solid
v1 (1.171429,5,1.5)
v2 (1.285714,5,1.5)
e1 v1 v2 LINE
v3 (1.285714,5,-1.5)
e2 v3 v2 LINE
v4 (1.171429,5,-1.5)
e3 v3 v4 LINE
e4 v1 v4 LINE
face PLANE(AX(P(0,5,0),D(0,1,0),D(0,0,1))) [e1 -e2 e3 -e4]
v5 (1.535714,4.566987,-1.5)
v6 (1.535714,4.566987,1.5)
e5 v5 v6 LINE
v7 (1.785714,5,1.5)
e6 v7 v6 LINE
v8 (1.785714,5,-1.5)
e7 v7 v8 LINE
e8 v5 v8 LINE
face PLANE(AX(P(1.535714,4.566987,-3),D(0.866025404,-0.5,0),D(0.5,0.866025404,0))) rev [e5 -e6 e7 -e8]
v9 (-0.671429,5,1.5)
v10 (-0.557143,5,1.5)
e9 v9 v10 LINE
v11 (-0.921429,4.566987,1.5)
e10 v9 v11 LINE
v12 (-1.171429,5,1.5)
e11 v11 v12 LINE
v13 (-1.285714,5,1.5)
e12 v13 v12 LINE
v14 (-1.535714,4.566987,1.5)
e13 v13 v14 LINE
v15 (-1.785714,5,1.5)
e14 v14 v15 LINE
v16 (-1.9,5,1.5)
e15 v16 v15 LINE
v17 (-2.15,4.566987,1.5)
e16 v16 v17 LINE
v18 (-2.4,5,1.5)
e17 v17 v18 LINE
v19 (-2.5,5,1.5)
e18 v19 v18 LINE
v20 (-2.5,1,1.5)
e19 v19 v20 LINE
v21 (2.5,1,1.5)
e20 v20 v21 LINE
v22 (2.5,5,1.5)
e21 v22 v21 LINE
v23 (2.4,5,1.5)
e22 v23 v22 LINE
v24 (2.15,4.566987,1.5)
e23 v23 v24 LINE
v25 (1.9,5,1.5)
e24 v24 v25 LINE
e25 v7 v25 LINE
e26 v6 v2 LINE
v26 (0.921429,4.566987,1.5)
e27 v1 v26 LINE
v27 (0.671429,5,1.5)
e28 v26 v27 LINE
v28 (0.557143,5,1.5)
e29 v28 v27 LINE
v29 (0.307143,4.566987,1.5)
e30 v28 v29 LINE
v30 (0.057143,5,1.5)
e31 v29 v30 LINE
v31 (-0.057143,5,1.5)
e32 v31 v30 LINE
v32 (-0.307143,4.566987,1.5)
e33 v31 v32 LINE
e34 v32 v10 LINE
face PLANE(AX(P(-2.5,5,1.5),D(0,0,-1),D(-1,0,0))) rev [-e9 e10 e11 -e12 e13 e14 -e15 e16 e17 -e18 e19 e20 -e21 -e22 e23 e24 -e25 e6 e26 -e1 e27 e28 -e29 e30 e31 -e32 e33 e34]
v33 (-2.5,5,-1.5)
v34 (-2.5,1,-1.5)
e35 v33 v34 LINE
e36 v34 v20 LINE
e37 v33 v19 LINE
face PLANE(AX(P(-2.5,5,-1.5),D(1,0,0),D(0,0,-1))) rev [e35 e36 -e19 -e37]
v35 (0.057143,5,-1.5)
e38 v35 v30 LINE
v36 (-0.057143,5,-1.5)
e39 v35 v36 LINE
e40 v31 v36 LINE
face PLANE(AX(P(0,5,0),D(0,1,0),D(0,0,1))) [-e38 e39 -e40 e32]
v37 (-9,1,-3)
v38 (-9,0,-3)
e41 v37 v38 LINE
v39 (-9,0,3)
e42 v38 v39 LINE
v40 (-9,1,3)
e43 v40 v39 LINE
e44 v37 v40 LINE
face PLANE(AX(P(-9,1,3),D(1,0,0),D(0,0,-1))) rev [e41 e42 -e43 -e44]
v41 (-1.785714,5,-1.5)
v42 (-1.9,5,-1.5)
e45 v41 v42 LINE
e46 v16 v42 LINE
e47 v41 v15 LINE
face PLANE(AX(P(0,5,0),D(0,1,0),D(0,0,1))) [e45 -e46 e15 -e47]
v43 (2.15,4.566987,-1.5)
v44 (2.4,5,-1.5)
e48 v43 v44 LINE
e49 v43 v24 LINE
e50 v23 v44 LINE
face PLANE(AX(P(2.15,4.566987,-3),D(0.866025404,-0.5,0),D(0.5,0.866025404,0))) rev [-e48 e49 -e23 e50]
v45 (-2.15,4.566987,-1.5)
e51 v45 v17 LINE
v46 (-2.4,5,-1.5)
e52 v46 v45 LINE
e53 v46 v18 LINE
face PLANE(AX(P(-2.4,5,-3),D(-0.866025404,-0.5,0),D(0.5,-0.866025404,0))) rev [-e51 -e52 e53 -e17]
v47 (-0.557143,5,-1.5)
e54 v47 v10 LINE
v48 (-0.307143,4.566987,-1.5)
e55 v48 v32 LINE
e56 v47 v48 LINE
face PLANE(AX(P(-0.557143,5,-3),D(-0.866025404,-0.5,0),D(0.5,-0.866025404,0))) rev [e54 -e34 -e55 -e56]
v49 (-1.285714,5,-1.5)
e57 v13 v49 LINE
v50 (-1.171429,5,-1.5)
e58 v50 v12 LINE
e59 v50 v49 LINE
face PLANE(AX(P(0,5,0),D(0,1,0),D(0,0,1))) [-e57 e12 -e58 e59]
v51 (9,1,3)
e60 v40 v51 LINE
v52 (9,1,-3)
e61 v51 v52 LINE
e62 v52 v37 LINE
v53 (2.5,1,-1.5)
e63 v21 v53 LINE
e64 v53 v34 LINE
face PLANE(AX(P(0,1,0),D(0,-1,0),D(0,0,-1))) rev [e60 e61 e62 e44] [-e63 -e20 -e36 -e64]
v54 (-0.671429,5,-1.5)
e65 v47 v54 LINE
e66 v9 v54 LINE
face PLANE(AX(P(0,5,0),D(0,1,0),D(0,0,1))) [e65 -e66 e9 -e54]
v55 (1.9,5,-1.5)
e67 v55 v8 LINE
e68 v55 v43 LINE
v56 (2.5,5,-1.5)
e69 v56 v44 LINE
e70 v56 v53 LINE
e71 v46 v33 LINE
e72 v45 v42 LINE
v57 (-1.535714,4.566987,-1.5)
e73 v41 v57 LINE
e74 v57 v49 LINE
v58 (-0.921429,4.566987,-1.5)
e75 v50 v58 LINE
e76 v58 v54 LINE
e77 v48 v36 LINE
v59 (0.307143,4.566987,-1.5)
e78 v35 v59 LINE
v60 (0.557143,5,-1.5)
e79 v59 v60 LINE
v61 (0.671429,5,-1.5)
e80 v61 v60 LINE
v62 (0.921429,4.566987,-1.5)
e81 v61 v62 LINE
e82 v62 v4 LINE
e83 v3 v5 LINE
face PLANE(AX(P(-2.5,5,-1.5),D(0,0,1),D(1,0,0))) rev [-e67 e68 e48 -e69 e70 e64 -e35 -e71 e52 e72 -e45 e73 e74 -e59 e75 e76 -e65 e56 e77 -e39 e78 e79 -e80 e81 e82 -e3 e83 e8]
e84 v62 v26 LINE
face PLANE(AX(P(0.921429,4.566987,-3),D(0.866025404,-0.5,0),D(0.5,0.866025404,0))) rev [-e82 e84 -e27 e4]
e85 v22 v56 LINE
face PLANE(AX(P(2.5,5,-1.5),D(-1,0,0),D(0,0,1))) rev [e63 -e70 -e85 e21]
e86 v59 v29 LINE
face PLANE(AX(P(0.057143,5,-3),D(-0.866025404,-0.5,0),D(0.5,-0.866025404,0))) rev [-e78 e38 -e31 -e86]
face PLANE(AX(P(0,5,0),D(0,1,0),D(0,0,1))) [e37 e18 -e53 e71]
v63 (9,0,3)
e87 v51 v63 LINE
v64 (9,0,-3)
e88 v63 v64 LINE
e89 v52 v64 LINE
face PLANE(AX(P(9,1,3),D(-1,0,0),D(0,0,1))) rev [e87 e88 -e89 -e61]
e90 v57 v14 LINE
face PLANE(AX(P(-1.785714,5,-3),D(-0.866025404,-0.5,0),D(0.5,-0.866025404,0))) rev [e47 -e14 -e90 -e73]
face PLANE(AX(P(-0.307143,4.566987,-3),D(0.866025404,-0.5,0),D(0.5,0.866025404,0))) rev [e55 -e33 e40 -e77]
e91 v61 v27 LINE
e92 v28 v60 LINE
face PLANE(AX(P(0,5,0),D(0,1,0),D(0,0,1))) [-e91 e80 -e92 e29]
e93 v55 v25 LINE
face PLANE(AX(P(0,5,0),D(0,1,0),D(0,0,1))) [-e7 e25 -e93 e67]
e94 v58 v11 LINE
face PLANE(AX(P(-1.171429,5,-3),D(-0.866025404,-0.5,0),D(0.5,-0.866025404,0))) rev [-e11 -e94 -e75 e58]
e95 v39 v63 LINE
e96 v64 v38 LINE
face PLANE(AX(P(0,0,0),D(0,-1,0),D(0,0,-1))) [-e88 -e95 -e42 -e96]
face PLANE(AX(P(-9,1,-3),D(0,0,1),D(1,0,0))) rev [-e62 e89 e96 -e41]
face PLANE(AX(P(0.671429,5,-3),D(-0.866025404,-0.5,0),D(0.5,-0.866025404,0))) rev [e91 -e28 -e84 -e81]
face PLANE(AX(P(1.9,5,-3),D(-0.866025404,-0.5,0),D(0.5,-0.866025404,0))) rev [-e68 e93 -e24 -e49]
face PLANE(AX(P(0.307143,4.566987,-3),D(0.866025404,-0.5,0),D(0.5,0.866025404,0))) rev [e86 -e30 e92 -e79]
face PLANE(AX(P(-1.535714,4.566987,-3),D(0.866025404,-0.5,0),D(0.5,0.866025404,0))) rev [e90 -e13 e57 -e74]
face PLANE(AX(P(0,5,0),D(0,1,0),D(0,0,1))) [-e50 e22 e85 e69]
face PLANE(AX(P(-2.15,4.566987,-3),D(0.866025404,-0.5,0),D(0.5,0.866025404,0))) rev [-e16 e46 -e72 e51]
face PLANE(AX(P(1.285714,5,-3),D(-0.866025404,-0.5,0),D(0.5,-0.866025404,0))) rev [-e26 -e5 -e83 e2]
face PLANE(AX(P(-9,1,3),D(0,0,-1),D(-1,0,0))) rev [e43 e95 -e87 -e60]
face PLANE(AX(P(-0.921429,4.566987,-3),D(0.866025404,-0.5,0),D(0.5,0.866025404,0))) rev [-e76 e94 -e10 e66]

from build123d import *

# Parameters (mm, degrees)
SKETCH1_W           = 18
SKETCH1_H           = 6
BOSS_EXTRUDE1_DEPTH = 1
SKETCH2_W           = 5
SKETCH2_H           = 3
BOSS_EXTRUDE2_DEPTH = 4
CUT_EXTRUDE1_START  = -5.5
CUT_EXTRUDE1_DEPTH  = 8
LPATTERN1_COUNT     = 8
LPATTERN1_PITCH     = 0.614285714


with BuildPart() as part:
    # Sketch1 → Boss-Extrude1 (new body)
    with BuildSketch(Plane(origin=(0, 0, 0), x_dir=(1, 0, 0), z_dir=(0, 1, 0))):
        Rectangle(SKETCH1_W, SKETCH1_H)
    extrude(amount=BOSS_EXTRUDE1_DEPTH)

    # Sketch2 → Boss-Extrude2 (add)
    with BuildSketch(Plane(origin=(0, 1, 0), x_dir=(1, 0, 0), z_dir=(0, 1, 0))):
        Rectangle(SKETCH2_W, SKETCH2_H)
    extrude(amount=BOSS_EXTRUDE2_DEPTH)

    # Sketch3 → Cut-Extrude1 (cut)
    with BuildSketch(Plane.XY.offset(1.5).offset(CUT_EXTRUDE1_START)):
        Polygon((-2.15, 4.566987298), (-1.9, 5), (-2.4, 5), align=None)
    cut_extrude1 = extrude(amount=CUT_EXTRUDE1_DEPTH, mode=Mode.SUBTRACT)

    # LPattern1: Cut-Extrude1 ×8
    with Locations(*[(i * LPATTERN1_PITCH, 0, 0) for i in range(1, LPATTERN1_COUNT)]):
        add(cut_extrude1, mode=Mode.SUBTRACT)


solid = part.part
